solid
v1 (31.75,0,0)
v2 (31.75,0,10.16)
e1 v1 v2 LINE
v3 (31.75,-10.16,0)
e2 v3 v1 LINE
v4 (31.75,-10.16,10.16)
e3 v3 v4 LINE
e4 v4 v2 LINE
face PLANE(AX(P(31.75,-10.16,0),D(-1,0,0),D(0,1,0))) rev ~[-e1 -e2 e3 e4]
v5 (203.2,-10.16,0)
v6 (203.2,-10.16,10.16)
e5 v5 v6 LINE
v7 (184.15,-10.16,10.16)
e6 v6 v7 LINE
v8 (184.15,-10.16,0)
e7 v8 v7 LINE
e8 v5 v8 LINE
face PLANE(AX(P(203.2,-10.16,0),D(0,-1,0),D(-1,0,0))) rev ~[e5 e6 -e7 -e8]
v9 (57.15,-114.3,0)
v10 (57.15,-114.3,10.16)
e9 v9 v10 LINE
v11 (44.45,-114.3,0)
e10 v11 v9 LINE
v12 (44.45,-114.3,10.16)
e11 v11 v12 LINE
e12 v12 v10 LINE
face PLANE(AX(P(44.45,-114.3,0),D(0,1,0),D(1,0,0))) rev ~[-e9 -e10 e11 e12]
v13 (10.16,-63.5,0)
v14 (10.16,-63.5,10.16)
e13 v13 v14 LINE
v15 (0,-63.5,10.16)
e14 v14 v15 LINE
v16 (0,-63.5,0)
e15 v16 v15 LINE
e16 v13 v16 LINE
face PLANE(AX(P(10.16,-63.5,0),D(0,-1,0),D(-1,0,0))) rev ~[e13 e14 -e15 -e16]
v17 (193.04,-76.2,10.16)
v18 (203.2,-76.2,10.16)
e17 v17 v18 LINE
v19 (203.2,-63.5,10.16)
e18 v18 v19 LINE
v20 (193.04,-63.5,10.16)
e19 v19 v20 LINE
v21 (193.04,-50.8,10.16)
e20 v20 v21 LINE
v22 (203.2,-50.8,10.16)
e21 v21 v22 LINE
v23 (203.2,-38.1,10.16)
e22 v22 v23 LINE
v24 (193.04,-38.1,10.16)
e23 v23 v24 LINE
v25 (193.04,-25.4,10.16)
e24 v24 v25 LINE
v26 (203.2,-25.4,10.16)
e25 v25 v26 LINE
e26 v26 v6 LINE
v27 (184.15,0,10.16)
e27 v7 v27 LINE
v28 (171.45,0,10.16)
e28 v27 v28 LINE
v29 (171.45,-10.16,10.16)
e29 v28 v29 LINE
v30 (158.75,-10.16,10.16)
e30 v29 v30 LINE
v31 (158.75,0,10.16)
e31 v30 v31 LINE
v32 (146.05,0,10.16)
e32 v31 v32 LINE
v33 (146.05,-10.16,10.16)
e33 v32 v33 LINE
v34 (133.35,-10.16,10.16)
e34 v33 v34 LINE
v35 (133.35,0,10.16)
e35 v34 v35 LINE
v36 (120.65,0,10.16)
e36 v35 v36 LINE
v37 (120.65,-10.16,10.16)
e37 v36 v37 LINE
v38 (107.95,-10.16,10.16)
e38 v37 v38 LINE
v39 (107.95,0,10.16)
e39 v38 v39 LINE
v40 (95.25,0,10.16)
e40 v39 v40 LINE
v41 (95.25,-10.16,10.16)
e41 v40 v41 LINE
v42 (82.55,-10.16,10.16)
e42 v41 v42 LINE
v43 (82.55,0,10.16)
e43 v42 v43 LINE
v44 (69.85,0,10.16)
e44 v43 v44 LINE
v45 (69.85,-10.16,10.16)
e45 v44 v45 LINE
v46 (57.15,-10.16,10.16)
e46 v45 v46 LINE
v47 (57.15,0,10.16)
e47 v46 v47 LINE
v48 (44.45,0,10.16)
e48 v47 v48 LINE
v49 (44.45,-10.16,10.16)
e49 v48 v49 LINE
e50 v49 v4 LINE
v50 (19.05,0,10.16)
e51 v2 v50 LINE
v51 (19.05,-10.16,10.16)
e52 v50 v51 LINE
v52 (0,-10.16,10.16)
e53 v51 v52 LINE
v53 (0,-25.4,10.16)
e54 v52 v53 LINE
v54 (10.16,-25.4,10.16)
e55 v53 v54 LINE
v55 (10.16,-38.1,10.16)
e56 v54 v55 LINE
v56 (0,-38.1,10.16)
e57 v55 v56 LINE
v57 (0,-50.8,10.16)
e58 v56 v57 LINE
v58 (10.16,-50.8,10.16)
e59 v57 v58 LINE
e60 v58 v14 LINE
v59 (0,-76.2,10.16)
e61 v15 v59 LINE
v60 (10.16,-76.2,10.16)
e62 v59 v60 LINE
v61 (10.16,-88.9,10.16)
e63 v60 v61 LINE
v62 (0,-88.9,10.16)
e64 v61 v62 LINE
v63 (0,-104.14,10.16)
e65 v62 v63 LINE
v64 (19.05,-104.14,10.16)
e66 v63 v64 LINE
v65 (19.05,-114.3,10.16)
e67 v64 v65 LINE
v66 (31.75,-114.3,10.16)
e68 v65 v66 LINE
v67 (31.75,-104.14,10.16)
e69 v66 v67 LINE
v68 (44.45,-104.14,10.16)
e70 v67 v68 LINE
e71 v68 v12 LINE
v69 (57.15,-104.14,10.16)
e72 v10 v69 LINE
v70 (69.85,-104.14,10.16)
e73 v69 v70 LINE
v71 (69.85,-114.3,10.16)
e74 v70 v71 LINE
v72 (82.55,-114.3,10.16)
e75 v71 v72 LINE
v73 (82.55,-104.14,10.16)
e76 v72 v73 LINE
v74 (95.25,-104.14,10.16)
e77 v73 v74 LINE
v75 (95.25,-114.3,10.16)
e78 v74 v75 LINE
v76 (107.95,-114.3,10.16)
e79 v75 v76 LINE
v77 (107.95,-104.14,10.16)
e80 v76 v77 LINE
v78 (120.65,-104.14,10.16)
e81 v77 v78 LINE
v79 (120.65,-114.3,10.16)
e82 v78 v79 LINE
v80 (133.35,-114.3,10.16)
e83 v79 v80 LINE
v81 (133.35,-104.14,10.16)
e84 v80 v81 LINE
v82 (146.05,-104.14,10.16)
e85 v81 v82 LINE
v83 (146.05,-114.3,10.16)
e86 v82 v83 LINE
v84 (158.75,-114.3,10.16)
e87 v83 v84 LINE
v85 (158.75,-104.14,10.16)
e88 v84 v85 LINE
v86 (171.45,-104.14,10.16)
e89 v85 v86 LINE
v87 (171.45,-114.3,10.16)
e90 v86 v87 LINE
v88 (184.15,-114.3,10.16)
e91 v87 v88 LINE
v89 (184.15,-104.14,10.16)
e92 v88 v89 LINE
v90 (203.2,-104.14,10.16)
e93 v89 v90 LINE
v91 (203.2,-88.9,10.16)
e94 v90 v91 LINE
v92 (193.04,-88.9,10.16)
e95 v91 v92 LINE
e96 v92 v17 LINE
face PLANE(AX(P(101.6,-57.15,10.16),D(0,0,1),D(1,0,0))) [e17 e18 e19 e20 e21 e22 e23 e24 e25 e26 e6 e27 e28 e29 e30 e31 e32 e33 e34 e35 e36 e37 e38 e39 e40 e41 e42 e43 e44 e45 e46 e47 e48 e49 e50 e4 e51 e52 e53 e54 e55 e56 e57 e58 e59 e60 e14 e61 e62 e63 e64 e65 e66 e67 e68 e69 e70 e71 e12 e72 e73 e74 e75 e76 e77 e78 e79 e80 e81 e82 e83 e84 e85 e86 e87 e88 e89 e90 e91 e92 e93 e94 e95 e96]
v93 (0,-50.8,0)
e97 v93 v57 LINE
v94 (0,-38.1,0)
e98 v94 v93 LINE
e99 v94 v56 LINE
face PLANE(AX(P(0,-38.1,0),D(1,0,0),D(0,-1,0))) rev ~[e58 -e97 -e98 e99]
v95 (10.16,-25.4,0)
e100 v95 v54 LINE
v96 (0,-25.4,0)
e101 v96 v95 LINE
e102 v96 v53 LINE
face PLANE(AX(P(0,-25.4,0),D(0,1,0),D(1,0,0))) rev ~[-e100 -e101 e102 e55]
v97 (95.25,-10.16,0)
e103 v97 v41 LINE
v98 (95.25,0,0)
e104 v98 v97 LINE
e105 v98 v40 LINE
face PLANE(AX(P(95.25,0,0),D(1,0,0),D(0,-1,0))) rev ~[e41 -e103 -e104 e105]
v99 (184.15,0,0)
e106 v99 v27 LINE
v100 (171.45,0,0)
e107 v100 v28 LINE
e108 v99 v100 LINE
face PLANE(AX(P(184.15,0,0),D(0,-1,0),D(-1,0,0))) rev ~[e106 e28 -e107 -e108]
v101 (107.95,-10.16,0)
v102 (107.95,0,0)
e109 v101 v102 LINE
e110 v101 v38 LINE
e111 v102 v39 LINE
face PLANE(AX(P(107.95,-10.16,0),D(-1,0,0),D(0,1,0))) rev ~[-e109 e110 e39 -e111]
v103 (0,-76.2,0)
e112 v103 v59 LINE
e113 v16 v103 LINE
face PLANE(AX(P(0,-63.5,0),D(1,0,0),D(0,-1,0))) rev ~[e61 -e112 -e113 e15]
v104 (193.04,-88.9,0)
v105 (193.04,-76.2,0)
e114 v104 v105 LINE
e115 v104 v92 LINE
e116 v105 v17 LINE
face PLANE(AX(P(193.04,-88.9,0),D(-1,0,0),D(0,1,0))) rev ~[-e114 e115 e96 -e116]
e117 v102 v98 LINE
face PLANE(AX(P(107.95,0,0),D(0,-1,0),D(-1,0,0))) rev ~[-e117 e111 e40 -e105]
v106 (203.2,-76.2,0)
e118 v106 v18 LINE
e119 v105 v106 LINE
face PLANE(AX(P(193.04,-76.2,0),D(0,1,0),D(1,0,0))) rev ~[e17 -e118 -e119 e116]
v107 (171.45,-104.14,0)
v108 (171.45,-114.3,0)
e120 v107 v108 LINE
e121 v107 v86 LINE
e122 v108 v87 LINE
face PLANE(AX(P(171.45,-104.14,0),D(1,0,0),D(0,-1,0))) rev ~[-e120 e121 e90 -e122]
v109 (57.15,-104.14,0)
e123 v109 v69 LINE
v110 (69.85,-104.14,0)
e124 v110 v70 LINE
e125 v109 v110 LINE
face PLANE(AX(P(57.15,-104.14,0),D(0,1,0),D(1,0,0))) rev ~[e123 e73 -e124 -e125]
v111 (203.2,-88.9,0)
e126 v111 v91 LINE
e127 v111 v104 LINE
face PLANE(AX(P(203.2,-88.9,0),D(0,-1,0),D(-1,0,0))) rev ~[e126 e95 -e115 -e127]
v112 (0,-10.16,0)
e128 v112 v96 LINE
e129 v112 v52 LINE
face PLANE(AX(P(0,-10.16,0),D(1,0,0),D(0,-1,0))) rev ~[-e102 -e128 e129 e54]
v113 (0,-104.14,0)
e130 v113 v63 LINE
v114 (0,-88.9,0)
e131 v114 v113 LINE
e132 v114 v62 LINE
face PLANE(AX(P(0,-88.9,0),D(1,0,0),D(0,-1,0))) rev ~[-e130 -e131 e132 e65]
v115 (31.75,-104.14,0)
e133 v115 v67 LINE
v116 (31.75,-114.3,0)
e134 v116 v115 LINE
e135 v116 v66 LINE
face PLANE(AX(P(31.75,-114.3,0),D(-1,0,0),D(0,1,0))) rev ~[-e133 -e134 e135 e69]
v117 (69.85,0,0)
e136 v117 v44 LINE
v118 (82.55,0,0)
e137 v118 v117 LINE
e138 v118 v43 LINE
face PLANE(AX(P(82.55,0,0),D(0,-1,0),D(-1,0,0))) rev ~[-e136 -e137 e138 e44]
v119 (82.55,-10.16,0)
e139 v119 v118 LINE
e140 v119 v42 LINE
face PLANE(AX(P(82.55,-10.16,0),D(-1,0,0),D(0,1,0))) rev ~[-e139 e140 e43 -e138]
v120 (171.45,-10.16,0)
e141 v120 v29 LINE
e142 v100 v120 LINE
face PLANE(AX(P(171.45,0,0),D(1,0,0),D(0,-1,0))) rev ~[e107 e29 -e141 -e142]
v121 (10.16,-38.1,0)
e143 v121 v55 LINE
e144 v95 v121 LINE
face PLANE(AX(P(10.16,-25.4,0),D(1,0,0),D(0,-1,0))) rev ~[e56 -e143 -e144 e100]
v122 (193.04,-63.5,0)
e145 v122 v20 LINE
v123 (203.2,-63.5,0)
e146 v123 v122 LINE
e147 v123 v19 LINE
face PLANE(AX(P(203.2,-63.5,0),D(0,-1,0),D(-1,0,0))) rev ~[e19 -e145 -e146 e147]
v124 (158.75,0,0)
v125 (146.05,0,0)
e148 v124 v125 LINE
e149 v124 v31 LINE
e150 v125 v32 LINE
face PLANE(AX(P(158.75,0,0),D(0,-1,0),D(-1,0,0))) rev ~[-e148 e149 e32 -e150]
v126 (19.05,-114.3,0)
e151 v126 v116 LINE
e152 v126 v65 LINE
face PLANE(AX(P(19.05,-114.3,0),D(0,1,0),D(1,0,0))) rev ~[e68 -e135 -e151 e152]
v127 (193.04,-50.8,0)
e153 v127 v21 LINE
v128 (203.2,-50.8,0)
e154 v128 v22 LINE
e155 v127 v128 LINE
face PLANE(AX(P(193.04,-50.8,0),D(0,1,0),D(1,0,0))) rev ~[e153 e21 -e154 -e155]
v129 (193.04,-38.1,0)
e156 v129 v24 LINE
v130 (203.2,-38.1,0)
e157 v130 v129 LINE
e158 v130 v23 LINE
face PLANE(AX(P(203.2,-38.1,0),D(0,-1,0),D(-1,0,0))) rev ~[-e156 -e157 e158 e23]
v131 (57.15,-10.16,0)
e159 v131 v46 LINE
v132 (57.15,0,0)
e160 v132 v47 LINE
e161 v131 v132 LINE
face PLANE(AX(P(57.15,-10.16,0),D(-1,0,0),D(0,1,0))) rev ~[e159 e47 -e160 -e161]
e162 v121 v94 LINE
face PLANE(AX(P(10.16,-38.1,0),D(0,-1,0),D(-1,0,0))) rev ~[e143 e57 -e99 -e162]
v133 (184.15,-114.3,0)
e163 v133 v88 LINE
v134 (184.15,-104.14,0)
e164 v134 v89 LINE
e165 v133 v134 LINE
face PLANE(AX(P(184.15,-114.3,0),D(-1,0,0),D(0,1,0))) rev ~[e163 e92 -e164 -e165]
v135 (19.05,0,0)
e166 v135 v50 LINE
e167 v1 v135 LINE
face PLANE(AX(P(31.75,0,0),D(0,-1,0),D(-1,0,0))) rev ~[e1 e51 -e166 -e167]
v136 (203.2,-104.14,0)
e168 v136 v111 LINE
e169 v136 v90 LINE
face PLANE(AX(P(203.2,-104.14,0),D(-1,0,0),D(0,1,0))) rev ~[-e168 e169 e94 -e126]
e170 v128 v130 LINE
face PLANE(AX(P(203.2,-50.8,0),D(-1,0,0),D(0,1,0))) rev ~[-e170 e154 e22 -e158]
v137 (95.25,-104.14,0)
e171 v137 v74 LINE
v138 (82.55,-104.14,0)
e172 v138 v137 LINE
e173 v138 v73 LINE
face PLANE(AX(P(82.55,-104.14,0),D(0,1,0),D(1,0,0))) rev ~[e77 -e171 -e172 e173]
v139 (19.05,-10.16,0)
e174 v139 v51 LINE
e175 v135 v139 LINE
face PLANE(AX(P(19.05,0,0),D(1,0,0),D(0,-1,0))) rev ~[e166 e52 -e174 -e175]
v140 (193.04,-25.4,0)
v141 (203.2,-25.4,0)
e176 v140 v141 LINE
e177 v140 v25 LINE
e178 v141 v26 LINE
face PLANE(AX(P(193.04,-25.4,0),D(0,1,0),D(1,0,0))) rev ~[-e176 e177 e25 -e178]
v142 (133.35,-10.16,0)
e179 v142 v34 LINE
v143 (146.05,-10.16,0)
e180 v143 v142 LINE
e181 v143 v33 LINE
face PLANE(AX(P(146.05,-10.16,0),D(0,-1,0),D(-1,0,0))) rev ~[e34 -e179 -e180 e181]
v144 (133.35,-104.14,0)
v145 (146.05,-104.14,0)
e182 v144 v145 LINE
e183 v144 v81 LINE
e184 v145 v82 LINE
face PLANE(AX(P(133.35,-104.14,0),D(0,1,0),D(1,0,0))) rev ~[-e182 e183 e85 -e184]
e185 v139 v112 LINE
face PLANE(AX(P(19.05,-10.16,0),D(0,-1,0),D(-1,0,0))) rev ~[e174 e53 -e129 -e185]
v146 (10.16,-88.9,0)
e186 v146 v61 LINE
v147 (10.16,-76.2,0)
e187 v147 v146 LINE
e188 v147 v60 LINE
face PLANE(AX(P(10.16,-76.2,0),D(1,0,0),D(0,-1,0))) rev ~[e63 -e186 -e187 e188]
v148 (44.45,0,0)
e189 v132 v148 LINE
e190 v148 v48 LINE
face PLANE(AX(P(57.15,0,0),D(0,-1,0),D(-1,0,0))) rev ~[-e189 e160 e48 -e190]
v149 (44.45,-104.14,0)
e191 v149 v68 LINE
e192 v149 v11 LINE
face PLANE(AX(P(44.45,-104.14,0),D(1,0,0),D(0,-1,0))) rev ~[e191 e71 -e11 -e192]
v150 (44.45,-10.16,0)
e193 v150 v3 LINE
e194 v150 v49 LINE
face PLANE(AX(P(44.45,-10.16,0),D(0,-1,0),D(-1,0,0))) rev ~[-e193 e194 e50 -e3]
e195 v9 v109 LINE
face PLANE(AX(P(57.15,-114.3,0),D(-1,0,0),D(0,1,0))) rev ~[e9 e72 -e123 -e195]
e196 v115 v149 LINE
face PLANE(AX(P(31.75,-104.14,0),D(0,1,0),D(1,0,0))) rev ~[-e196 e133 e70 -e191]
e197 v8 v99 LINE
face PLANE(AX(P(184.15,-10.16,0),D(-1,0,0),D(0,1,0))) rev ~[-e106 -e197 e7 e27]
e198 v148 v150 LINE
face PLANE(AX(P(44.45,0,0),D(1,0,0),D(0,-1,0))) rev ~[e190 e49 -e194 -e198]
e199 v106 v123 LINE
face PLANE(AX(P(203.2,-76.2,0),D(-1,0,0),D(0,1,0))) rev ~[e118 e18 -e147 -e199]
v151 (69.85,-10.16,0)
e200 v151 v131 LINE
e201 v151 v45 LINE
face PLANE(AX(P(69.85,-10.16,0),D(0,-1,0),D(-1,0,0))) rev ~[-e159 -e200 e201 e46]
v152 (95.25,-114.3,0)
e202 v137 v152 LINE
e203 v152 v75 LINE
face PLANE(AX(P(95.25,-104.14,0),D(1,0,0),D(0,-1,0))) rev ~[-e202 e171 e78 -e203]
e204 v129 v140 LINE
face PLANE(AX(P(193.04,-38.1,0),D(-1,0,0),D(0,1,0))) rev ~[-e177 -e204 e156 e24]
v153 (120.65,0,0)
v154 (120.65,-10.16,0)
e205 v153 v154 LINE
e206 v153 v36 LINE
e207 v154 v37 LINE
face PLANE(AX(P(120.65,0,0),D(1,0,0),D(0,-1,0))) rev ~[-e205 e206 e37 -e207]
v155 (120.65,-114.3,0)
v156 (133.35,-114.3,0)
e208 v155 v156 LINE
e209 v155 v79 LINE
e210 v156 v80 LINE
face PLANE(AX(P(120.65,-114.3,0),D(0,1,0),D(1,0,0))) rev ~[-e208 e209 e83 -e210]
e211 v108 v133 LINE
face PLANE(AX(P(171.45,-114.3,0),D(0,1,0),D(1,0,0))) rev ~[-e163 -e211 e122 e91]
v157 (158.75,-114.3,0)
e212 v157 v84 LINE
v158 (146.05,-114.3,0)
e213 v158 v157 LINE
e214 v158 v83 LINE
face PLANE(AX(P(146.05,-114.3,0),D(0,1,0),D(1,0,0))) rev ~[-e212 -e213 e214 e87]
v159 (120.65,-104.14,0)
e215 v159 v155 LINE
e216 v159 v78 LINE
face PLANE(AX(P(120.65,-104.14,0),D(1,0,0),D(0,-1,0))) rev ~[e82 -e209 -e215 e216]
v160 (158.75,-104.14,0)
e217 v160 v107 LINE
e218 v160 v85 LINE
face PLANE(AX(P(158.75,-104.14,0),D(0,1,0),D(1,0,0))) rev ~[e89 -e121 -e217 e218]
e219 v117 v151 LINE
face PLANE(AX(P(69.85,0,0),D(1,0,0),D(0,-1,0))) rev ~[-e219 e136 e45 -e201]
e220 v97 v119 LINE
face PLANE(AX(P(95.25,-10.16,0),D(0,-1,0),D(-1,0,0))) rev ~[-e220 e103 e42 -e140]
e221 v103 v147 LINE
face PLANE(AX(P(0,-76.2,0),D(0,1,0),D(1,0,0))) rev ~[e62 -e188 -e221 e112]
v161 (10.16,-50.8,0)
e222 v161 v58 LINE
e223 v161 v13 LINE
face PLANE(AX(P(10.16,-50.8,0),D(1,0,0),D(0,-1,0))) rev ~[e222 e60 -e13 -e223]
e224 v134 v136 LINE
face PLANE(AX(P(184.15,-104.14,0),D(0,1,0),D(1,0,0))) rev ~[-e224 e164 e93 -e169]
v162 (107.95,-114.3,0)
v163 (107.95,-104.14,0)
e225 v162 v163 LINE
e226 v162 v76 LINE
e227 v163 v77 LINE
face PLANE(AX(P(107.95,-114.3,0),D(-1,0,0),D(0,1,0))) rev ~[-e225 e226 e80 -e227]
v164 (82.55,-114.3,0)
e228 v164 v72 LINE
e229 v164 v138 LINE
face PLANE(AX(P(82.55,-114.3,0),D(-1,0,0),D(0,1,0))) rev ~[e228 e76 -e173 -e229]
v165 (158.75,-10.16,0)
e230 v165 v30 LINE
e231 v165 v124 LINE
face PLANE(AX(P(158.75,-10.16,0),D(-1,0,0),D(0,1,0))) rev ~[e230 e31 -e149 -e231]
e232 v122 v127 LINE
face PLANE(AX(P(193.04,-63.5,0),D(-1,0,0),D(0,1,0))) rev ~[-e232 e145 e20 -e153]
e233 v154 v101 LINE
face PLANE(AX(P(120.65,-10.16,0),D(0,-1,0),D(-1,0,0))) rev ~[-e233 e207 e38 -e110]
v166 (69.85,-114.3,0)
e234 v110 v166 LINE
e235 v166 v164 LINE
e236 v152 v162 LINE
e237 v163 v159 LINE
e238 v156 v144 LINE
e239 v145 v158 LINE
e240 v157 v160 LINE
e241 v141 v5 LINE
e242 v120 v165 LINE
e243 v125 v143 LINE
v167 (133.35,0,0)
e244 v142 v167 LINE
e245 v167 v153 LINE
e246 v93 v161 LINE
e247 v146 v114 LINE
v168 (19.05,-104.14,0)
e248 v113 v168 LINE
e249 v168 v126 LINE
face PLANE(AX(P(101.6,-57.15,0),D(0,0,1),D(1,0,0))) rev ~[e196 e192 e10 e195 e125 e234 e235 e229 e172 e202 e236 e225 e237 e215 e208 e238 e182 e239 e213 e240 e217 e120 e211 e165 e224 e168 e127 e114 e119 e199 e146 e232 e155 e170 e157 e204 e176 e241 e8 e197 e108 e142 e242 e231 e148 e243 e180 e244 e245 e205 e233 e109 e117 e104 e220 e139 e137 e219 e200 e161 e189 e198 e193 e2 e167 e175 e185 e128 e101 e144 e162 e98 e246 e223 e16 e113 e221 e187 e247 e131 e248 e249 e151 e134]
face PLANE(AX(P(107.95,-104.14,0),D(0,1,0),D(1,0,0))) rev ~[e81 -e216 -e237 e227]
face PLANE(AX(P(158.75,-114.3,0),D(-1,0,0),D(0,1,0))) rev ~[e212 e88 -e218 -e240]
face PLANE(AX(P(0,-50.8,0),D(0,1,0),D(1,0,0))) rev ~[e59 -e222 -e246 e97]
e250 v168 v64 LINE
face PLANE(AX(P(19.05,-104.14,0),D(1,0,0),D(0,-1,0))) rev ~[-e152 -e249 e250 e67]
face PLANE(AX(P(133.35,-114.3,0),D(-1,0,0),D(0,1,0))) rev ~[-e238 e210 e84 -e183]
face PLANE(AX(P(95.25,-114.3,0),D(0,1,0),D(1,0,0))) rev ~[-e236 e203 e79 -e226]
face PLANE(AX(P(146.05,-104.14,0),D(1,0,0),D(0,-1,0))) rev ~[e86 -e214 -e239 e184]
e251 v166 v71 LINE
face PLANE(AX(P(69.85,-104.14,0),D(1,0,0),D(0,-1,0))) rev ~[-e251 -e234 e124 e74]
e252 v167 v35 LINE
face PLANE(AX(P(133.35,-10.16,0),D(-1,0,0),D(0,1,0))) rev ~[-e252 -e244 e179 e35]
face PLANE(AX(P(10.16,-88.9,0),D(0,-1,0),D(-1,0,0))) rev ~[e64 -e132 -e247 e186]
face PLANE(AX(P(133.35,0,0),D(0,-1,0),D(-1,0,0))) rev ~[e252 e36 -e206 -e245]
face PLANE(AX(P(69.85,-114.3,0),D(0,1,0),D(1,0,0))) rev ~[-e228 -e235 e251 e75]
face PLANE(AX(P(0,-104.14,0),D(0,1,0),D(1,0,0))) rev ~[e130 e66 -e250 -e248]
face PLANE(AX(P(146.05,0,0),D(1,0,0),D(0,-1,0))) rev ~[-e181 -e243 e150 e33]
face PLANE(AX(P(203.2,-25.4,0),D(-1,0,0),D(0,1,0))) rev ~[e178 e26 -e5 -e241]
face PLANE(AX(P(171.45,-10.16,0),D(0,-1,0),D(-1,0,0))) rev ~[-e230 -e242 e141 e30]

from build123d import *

# Parameters (mm, degrees)
F1_DEPTH = 10.16


with BuildPart() as f1:
    # F0 (on Top) → F1 (new body)
    with BuildSketch(Plane.XY):
        Polygon((31.75, 0), (19.05, 0), (19.05, -10.16), (0, -10.16), (0, -25.4), (10.16, -25.4), (10.16, -38.1), (0, -38.1), (0, -50.8), (10.16, -50.8), (10.16, -63.5), (0, -63.5), (0, -76.2), (10.16, -76.2), (10.16, -88.9), (0, -88.9), (0, -104.14), (19.05, -104.14), (19.05, -114.3), (31.75, -114.3), (31.75, -104.14), (44.45, -104.14), (44.45, -114.3), (57.15, -114.3), (57.15, -104.14), (69.85, -104.14), (69.85, -114.3), (82.55, -114.3), (82.55, -104.14), (95.25, -104.14), (95.25, -114.3), (107.95, -114.3), (107.95, -104.14), (120.65, -104.14), (120.65, -114.3), (133.35, -114.3), (133.35, -104.14), (146.05, -104.14), (146.05, -114.3), (158.75, -114.3), (158.75, -104.14), (171.45, -104.14), (171.45, -114.3), (184.15, -114.3), (184.15, -104.14), (203.2, -104.14), (203.2, -88.9), (193.04, -88.9), (193.04, -76.2), (203.2, -76.2), (203.2, -63.5), (193.04, -63.5), (193.04, -50.8), (203.2, -50.8), (203.2, -38.1), (193.04, -38.1), (193.04, -25.4), (203.2, -25.4), (203.2, -10.16), (184.15, -10.16), (184.15, 0), (171.45, 0), (171.45, -10.16), (158.75, -10.16), (158.75, 0), (146.05, 0), (146.05, -10.16), (133.35, -10.16), (133.35, 0), (120.65, 0), (120.65, -10.16), (107.95, -10.16), (107.95, 0), (95.25, 0), (95.25, -10.16), (82.55, -10.16), (82.55, 0), (69.85, 0), (69.85, -10.16), (57.15, -10.16), (57.15, 0), (44.45, 0), (44.45, -10.16), (31.75, -10.16), align=None)
    extrude(amount=F1_DEPTH)


solid = f1.part
